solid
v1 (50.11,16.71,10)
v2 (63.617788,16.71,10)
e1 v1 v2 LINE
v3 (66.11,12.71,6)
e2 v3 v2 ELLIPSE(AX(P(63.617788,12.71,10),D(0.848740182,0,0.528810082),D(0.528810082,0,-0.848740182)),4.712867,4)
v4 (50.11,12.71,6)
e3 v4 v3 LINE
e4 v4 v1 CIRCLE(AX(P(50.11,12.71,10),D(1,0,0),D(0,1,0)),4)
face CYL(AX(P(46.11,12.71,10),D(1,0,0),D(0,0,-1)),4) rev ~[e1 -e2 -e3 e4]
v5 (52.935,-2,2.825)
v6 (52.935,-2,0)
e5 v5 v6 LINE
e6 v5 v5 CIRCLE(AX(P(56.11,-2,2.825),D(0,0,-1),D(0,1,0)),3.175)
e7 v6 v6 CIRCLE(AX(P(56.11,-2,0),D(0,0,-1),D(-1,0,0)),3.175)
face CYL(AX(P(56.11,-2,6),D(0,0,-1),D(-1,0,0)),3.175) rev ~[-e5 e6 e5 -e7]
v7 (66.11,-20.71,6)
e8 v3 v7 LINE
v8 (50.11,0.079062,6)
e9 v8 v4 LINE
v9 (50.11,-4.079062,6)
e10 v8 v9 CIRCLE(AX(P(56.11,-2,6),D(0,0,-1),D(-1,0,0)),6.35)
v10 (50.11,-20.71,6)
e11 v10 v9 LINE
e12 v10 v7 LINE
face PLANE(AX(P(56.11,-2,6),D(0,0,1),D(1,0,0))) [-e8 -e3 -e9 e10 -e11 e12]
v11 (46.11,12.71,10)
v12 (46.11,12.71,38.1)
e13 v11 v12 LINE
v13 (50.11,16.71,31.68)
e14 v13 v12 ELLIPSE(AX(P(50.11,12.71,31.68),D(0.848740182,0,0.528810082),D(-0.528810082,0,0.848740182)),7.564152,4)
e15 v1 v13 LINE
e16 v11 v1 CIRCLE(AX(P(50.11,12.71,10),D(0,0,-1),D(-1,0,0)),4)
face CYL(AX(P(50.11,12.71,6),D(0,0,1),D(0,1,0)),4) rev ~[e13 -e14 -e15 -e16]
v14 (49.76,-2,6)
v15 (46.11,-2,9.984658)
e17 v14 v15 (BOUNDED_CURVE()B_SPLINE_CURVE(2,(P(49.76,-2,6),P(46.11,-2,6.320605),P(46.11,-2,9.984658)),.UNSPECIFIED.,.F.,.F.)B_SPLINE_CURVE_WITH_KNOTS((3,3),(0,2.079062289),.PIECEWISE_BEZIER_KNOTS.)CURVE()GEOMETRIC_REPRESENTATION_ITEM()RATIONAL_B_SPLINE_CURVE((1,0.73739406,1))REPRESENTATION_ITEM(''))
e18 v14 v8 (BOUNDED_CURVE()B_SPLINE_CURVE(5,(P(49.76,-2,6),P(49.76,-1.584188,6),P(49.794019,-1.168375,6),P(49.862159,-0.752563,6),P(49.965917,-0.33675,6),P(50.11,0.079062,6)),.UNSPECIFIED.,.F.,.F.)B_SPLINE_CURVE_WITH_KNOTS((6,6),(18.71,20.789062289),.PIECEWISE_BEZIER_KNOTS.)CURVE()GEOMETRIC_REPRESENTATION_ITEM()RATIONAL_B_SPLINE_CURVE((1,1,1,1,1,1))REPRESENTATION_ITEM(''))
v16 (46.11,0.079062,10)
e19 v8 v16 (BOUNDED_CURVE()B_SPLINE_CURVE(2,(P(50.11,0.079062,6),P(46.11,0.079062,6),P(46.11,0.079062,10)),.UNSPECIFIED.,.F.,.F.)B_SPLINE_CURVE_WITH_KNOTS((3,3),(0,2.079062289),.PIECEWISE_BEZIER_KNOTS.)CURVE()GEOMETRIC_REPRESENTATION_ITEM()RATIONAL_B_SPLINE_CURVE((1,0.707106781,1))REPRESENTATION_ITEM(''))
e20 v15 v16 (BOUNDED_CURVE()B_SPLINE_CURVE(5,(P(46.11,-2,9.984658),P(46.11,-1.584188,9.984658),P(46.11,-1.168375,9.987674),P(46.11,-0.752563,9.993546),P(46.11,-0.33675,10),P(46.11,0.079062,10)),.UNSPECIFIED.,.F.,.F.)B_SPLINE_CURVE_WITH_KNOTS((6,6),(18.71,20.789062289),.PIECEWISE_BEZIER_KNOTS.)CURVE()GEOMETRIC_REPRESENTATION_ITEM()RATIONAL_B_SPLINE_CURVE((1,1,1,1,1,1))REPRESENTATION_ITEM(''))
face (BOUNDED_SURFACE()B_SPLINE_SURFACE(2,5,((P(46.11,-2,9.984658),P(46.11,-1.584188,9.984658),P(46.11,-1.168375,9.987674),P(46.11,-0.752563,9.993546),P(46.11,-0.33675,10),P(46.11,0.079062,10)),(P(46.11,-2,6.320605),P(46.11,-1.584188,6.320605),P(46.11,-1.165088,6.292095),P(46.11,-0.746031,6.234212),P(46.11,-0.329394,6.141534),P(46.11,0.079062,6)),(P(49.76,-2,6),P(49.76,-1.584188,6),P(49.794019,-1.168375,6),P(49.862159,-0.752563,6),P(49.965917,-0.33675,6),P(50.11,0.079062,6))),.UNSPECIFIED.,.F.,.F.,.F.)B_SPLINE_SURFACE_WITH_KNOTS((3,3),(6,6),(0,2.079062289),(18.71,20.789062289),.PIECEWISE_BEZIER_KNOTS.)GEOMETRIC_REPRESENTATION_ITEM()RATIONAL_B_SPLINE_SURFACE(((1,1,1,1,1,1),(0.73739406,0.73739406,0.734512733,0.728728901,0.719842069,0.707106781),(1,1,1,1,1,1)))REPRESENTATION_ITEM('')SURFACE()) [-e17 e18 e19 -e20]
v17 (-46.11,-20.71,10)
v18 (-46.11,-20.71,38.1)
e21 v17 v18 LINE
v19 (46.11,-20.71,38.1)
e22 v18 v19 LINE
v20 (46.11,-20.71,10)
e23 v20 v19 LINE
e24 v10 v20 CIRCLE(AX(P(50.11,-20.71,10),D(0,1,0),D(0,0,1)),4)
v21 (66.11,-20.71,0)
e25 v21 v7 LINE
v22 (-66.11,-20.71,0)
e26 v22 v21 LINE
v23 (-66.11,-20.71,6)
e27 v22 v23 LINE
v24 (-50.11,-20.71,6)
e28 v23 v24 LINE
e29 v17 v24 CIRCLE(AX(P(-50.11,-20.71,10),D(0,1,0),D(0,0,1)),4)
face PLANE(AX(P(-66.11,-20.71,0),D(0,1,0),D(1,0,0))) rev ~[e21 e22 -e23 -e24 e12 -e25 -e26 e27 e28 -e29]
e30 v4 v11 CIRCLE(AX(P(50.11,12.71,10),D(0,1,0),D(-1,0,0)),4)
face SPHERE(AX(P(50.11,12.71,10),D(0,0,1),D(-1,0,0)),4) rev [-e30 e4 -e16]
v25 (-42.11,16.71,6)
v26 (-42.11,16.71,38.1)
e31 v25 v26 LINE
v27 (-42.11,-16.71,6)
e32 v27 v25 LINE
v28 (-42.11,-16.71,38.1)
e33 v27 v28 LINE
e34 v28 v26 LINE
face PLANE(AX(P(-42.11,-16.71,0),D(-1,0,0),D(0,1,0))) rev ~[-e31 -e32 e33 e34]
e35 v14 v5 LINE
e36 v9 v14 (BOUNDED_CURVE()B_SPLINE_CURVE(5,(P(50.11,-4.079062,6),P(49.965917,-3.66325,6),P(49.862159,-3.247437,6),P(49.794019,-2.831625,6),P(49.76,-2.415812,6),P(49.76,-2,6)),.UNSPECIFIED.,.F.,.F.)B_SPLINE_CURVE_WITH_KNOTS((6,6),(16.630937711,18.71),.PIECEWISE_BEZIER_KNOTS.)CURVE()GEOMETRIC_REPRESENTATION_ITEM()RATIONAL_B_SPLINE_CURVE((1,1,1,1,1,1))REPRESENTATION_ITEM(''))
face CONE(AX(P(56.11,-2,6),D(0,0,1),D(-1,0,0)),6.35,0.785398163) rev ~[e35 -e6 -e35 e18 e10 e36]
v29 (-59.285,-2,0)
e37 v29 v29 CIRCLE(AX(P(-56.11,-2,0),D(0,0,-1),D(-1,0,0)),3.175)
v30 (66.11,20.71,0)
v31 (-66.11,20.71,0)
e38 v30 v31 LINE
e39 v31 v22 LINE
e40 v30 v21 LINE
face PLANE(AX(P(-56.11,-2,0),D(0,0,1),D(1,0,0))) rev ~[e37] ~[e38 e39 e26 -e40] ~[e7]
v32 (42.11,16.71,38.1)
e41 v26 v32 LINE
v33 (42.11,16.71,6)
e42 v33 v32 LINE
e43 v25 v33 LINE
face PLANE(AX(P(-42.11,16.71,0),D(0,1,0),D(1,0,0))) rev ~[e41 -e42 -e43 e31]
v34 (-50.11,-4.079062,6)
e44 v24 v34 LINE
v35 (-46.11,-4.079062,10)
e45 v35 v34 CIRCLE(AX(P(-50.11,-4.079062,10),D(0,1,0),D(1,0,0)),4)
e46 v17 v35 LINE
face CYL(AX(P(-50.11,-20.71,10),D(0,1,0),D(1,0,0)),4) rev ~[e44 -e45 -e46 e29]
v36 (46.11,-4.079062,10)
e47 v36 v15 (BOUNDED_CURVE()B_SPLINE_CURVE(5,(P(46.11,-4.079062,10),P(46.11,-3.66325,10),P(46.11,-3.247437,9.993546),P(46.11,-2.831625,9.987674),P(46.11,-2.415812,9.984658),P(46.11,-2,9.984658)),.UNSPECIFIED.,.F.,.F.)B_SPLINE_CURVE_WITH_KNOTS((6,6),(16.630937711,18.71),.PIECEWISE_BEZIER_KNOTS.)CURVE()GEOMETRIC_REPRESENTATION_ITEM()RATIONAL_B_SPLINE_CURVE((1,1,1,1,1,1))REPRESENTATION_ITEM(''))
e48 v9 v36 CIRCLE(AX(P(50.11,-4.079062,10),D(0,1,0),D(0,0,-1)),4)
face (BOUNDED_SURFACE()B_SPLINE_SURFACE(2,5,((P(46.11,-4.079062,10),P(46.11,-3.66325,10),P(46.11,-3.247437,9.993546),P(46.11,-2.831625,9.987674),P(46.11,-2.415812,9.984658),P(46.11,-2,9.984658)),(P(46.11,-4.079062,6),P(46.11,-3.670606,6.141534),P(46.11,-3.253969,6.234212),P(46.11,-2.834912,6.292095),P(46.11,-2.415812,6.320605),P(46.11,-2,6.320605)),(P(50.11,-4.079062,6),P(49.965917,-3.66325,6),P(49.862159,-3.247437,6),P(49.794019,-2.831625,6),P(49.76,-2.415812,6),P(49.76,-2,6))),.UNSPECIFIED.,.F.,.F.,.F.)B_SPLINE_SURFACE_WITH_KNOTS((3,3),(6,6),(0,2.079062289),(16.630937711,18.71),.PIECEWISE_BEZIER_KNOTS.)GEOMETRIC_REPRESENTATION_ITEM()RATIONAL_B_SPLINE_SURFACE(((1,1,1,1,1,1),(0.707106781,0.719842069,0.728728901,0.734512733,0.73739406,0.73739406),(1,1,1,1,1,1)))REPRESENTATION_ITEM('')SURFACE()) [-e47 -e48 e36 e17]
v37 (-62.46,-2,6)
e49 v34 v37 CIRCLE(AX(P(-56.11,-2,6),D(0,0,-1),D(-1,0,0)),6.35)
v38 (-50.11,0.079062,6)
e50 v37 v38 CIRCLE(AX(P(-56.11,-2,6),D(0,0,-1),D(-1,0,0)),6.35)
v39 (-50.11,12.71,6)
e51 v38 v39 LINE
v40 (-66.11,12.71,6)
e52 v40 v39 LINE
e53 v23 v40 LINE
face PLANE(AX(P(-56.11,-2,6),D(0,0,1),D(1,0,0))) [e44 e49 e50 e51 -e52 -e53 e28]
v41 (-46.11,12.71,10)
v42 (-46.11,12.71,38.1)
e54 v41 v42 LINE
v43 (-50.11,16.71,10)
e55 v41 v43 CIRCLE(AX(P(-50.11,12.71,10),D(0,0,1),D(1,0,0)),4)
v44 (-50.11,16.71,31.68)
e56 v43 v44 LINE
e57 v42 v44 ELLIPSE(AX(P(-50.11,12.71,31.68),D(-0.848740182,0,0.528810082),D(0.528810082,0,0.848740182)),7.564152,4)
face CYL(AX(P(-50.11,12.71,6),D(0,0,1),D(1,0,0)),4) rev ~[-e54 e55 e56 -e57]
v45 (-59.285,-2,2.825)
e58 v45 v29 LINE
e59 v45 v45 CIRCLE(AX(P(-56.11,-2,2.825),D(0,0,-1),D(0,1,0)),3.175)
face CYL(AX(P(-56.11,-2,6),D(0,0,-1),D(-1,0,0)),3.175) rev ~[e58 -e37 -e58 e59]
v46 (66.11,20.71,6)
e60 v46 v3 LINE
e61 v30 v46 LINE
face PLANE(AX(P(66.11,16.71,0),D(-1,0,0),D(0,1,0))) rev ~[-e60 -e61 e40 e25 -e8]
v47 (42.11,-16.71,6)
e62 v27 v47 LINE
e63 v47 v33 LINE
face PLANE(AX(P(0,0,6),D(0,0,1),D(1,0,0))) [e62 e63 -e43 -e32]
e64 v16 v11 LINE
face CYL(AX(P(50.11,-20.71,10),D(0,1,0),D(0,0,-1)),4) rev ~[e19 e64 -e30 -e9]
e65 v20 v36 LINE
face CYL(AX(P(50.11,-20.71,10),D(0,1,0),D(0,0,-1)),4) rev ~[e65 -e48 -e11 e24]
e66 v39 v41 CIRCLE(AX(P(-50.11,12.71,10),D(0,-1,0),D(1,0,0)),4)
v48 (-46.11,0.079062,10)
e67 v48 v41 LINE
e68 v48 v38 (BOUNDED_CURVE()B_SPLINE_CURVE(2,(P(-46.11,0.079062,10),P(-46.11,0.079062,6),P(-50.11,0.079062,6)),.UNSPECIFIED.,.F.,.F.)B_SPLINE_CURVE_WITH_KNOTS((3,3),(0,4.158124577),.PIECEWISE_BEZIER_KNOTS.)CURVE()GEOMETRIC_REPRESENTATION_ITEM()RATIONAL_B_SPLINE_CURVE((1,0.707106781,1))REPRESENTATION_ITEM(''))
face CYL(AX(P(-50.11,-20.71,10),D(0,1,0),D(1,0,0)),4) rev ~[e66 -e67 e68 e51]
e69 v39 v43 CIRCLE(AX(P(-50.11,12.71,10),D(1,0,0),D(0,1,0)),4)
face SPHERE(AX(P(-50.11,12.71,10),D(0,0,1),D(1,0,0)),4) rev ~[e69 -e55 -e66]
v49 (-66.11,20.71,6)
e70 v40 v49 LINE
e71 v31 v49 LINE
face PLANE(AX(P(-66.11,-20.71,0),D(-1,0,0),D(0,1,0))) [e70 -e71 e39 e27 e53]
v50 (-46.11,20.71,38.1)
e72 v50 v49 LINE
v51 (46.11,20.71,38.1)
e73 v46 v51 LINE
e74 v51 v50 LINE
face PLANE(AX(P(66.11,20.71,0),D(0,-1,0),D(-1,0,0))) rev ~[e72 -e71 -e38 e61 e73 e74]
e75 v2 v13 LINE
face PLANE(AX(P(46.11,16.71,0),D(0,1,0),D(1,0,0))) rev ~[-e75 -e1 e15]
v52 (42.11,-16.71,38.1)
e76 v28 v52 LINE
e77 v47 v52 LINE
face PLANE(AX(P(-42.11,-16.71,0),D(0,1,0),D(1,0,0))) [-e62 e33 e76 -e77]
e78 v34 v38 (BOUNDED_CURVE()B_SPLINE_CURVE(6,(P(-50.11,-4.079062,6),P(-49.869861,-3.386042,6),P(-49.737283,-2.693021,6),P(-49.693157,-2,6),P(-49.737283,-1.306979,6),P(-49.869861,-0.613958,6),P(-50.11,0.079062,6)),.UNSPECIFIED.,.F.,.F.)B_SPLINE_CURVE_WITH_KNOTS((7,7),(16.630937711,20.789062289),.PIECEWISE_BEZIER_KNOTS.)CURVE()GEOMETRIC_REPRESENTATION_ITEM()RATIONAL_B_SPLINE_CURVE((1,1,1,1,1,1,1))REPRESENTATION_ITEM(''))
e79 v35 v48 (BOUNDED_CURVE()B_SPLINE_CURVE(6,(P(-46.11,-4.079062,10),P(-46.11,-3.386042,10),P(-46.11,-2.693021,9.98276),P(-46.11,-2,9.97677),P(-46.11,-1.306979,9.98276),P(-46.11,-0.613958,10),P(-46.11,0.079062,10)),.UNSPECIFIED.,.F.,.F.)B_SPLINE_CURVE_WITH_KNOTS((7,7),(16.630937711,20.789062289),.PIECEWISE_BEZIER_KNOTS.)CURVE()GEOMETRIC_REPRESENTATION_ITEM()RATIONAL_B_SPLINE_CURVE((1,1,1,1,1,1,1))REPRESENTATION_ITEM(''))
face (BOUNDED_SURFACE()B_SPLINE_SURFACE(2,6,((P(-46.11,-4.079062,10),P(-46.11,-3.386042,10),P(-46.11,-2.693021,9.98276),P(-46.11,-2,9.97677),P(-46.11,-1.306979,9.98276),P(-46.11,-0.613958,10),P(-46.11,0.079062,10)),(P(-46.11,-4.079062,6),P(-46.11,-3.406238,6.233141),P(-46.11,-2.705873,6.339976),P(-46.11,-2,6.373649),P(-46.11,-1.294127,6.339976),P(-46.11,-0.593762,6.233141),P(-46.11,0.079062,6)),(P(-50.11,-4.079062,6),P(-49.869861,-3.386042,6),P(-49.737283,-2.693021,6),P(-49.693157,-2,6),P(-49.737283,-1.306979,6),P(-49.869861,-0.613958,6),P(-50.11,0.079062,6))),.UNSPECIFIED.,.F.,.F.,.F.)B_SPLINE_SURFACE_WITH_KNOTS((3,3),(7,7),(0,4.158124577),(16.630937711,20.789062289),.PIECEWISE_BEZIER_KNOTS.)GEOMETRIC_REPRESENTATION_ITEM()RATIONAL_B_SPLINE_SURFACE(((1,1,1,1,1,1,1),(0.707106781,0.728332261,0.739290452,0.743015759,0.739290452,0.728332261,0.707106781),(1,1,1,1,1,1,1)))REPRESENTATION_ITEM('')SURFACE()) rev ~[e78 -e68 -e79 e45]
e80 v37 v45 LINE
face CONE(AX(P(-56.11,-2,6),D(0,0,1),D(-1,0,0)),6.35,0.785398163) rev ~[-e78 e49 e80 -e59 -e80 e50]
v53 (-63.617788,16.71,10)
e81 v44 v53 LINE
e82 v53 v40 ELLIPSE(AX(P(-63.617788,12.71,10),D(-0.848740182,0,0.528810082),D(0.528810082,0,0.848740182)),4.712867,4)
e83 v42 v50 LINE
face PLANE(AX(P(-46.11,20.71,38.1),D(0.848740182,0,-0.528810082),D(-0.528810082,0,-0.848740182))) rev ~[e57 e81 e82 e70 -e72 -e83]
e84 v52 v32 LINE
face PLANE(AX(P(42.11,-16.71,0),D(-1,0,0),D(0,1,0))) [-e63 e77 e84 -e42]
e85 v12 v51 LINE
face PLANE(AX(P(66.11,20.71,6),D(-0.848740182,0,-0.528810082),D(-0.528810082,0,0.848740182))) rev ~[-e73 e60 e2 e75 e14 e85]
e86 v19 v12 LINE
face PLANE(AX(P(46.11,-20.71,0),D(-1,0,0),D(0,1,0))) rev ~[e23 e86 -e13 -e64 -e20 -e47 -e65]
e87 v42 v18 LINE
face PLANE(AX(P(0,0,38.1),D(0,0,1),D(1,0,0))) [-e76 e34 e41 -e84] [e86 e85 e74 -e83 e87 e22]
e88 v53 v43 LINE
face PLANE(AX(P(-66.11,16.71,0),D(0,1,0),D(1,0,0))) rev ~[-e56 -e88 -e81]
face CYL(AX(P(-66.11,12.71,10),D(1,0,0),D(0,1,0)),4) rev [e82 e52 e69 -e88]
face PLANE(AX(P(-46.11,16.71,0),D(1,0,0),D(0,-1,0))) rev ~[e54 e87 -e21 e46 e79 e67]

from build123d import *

# Parameters (mm, degrees)
F0_W           = 84.22
F0_H           = 33.42
F0_W_2         = 20
F0_H_2         = 4
F1_DEPTH       = 38.1
F0_H_3         = 37.42
F2_DEPTH       = 6
F4_D           = 6.35
F4_CSINK_D     = 12.7
F4_CSINK_ANGLE = 90
F6_DEPTH       = 25
F7_R           = 4


with BuildPart() as f1:
    # F0 (on Top) → F1 (new body)
    with BuildSketch(Plane.XY):
        Polygon((46.11, 16.71), (46.11, 20.71), (-46.11, 20.71), (-46.11, 16.71), (-46.11, -20.71), (46.11, -20.71), align=None)
        Rectangle(F0_W, F0_H, mode=Mode.SUBTRACT)
        with Locations((56.11, 18.71)):
            Rectangle(F0_W_2, F0_H_2)
        with Locations((-56.11, 18.71)):
            Rectangle(F0_W_2, F0_H_2)
    extrude(amount=F1_DEPTH)

    # F0 (on Top) → F2 (join)
    with BuildSketch(Plane.XY):
        with Locations((-56.11, -2)):
            Rectangle(F0_W_2, F0_H_3)
        with Locations((56.11, -2)):
            Rectangle(F0_W_2, F0_H_3)
        Rectangle(F0_W, F0_H)
    extrude(amount=F2_DEPTH)

    # F4 (through all)
    with Locations(Plane.XY.offset(6)):
        with Locations((-56.11, -2), (56.11, -2)):
            CounterSinkHole(F4_D / 2, F4_CSINK_D / 2, counter_sink_angle=F4_CSINK_ANGLE)

    # F5 (on face) → F6 (cut)
    with BuildSketch(Plane(origin=(0, 20.71, 0), x_dir=(-1, 0, 0), z_dir=(0, 1, 0))):
        Polygon((-66.11, 6), (-46.11, 38.1), (-66.11, 38.1), align=None)
        Polygon((66.11, 38.1), (46.11, 38.1), (66.11, 6), align=None)
    extrude(amount=-F6_DEPTH, mode=Mode.SUBTRACT)

    # F7
    f7_edges = [f1.edges().sort_by_distance(p)[0] for p in [
        (46.11, 16.71, 22.05),
        (-46.11, 16.71, 22.05),
        (-46.11, -2, 6),
        (-56.11, 16.71, 6),
        (46.11, -2, 6),
        (56.11, 16.71, 6),
    ]]
    fillet(f7_edges, radius=F7_R)


solid = f1.part
